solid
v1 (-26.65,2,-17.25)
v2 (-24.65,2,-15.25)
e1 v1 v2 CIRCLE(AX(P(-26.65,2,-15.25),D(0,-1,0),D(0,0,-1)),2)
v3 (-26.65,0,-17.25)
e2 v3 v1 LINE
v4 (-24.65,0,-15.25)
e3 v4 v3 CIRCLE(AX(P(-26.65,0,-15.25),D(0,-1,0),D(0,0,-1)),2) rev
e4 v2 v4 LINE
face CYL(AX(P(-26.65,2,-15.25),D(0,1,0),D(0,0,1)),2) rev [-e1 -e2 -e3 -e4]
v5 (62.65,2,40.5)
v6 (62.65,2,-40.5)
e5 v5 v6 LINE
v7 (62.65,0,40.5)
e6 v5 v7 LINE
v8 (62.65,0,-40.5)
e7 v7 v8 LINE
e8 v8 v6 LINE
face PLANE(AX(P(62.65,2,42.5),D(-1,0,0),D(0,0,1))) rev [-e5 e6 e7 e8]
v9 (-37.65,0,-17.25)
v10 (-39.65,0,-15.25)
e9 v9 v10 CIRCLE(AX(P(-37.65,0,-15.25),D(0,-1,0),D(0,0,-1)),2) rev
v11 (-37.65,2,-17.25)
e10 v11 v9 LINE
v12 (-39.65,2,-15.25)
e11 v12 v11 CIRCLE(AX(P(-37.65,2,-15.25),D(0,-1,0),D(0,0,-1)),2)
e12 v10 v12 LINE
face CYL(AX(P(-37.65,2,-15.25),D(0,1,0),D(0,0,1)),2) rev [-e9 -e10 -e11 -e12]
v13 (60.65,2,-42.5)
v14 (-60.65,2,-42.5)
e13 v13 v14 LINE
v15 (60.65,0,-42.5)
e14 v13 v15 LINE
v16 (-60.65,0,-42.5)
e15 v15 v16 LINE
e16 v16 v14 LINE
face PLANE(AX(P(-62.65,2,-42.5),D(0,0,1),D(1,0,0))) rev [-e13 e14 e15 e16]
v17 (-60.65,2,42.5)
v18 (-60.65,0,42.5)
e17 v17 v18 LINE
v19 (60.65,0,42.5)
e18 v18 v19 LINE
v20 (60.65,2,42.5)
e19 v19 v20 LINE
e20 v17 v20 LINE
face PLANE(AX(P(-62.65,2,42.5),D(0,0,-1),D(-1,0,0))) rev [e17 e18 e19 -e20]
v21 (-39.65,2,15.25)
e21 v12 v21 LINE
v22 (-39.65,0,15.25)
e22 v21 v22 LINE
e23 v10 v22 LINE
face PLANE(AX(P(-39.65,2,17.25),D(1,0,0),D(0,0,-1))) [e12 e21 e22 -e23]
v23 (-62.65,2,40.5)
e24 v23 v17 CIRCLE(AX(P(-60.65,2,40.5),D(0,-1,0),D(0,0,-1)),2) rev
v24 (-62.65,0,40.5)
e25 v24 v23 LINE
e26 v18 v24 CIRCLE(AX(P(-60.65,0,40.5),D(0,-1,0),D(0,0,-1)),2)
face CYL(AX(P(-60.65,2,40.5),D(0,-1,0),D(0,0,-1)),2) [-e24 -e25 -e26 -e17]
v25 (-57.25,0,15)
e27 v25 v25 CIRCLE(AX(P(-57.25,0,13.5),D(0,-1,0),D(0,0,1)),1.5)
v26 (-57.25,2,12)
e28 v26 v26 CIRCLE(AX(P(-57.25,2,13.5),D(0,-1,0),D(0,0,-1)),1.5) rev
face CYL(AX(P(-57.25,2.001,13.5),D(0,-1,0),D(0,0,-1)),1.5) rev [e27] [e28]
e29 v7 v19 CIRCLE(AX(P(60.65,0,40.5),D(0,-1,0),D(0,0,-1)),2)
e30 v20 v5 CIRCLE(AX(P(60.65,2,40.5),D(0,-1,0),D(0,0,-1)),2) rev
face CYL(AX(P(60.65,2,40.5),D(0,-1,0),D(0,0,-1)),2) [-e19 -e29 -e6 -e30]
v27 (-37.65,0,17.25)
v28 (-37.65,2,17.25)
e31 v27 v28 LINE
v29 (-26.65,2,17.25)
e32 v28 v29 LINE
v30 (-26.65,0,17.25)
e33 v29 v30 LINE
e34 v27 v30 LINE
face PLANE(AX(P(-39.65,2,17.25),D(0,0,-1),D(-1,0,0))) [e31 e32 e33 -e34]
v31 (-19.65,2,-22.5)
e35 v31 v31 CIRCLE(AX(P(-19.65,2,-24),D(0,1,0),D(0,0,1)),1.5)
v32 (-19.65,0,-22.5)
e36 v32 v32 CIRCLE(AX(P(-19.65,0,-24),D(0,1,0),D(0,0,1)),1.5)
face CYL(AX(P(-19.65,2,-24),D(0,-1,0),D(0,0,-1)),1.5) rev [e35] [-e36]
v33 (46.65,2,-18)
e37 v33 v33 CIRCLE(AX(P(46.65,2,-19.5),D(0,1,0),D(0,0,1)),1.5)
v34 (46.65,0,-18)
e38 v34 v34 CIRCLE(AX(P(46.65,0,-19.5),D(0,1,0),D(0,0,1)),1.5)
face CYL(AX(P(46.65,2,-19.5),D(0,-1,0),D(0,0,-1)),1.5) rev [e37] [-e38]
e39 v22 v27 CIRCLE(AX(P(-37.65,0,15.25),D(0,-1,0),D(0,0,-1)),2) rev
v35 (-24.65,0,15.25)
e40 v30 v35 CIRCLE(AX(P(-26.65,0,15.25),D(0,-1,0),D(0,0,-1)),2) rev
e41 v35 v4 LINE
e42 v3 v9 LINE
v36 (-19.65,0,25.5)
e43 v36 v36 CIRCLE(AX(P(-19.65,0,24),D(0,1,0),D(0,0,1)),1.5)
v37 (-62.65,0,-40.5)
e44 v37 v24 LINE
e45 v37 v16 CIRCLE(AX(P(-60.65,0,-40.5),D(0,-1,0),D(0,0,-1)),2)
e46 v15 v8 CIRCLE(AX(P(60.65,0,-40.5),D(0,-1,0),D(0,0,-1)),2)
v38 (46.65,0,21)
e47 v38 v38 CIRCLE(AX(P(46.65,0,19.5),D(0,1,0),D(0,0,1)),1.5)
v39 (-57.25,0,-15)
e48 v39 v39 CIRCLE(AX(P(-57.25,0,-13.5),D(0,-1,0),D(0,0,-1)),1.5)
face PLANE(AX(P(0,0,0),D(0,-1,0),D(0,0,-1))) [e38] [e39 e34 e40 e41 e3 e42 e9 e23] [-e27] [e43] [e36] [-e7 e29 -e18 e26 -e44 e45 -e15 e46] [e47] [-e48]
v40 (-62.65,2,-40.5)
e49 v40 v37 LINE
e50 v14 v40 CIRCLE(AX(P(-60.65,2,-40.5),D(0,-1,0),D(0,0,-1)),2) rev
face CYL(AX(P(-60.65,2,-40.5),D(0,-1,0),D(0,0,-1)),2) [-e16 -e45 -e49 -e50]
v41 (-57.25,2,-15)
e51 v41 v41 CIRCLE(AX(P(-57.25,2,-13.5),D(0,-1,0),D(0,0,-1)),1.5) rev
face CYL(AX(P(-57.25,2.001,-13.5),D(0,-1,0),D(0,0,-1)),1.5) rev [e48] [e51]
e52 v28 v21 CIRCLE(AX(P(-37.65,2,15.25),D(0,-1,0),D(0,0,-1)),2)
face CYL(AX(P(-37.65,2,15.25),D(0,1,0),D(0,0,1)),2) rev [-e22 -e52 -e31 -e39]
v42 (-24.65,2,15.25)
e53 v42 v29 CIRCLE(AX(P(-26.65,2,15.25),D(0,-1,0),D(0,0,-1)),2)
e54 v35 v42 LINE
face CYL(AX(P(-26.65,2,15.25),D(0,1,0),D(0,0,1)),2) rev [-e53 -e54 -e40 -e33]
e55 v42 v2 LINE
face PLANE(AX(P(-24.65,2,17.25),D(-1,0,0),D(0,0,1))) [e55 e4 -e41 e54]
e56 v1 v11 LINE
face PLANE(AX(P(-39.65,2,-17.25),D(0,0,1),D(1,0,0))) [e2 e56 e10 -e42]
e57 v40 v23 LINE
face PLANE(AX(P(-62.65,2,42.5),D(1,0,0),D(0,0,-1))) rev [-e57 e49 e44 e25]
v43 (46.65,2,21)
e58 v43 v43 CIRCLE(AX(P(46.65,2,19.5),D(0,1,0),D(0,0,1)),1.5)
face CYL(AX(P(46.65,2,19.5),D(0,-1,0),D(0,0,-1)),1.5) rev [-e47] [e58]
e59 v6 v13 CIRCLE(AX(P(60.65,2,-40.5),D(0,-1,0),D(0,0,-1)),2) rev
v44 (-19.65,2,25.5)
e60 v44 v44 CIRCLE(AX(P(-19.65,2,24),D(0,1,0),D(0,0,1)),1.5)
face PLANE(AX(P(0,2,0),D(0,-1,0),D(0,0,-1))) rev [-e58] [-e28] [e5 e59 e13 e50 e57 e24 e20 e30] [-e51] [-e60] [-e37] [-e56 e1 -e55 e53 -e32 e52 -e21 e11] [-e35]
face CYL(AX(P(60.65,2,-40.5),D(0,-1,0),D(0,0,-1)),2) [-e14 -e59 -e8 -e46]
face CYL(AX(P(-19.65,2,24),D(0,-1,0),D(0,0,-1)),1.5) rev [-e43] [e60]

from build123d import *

# Parameters (mm, degrees)
SKETCH_1_W          = 125.3
SKETCH_1_H          = 85
SKETCH_1_R          = 1.5
SKETCH_1_W_2        = 15
SKETCH_1_H_2        = 34.5
EXTRUDE_1_DEPTH     = 2
FILLET_1_R          = 2
CUT_EXTRUDE_2_REACH = 77.732
SKETCH_2_R          = 1.5


with BuildPart() as part:
    # 草图1 → 凸台-拉伸1 (new body)
    with BuildSketch(Plane(origin=(0, 0, 0), x_dir=(1, 0, 0), z_dir=(0, 1, 0))):
        Rectangle(SKETCH_1_W, SKETCH_1_H)
        with Locations(Location((-19.65, 24, 0), (0, 0, 270))):
            Circle(SKETCH_1_R, mode=Mode.SUBTRACT)
        with Locations(Location((-19.65, -24, 0), (0, 0, 270))):
            Circle(SKETCH_1_R, mode=Mode.SUBTRACT)
        with Locations(Location((46.65, 19.5, 0), (0, 0, 270))):
            Circle(SKETCH_1_R, mode=Mode.SUBTRACT)
        with Locations(Location((46.65, -19.5, 0), (0, 0, 270))):
            Circle(SKETCH_1_R, mode=Mode.SUBTRACT)
        with Locations((-32.15, 0)):
            Rectangle(SKETCH_1_W_2, SKETCH_1_H_2, mode=Mode.SUBTRACT)
    extrude(amount=EXTRUDE_1_DEPTH)

    # 圆角1
    fillet_1_edges = [part.edges().sort_by_distance(p)[0] for p in [
        (-39.65, 1, -17.25),
        (-39.65, 1, 17.25),
        (-24.65, 1, 17.25),
        (-24.65, 1, -17.25),
        (62.65, 1, 42.5),
        (-62.65, 1, 42.5),
        (-62.65, 1, -42.5),
        (62.65, 1, -42.5),
    ]]
    fillet(fillet_1_edges, radius=FILLET_1_R)

    # 草图2 → 切除-拉伸2 (cut, up to next)
    with BuildSketch(Plane.XZ, mode=Mode.PRIVATE) as cut_extrude_2_sk1:
        with Locations(Location((-57.25, -13.5, 0), (0, 0, 270))):
            Circle(SKETCH_2_R)
    cut_extrude_2_tool1 = extrude(cut_extrude_2_sk1.sketch, amount=-CUT_EXTRUDE_2_REACH, mode=Mode.PRIVATE) & part.part
    # 草图2 → 切除-拉伸2 (cut, up to next)
    with BuildSketch(Plane.XZ, mode=Mode.PRIVATE) as cut_extrude_2_sk2:
        with Locations(Location((-57.25, 13.5, 0), (0, 0, 270))):
            Circle(SKETCH_2_R)
    cut_extrude_2_tool2 = extrude(cut_extrude_2_sk2.sketch, amount=-CUT_EXTRUDE_2_REACH, mode=Mode.PRIVATE) & part.part
    add(cut_extrude_2_tool1.solids().sort_by_distance((-57.25, 0, -13.5))[0], mode=Mode.SUBTRACT)
    add(cut_extrude_2_tool2.solids().sort_by_distance((-57.25, 0, 13.5))[0], mode=Mode.SUBTRACT)


solid = part.part
